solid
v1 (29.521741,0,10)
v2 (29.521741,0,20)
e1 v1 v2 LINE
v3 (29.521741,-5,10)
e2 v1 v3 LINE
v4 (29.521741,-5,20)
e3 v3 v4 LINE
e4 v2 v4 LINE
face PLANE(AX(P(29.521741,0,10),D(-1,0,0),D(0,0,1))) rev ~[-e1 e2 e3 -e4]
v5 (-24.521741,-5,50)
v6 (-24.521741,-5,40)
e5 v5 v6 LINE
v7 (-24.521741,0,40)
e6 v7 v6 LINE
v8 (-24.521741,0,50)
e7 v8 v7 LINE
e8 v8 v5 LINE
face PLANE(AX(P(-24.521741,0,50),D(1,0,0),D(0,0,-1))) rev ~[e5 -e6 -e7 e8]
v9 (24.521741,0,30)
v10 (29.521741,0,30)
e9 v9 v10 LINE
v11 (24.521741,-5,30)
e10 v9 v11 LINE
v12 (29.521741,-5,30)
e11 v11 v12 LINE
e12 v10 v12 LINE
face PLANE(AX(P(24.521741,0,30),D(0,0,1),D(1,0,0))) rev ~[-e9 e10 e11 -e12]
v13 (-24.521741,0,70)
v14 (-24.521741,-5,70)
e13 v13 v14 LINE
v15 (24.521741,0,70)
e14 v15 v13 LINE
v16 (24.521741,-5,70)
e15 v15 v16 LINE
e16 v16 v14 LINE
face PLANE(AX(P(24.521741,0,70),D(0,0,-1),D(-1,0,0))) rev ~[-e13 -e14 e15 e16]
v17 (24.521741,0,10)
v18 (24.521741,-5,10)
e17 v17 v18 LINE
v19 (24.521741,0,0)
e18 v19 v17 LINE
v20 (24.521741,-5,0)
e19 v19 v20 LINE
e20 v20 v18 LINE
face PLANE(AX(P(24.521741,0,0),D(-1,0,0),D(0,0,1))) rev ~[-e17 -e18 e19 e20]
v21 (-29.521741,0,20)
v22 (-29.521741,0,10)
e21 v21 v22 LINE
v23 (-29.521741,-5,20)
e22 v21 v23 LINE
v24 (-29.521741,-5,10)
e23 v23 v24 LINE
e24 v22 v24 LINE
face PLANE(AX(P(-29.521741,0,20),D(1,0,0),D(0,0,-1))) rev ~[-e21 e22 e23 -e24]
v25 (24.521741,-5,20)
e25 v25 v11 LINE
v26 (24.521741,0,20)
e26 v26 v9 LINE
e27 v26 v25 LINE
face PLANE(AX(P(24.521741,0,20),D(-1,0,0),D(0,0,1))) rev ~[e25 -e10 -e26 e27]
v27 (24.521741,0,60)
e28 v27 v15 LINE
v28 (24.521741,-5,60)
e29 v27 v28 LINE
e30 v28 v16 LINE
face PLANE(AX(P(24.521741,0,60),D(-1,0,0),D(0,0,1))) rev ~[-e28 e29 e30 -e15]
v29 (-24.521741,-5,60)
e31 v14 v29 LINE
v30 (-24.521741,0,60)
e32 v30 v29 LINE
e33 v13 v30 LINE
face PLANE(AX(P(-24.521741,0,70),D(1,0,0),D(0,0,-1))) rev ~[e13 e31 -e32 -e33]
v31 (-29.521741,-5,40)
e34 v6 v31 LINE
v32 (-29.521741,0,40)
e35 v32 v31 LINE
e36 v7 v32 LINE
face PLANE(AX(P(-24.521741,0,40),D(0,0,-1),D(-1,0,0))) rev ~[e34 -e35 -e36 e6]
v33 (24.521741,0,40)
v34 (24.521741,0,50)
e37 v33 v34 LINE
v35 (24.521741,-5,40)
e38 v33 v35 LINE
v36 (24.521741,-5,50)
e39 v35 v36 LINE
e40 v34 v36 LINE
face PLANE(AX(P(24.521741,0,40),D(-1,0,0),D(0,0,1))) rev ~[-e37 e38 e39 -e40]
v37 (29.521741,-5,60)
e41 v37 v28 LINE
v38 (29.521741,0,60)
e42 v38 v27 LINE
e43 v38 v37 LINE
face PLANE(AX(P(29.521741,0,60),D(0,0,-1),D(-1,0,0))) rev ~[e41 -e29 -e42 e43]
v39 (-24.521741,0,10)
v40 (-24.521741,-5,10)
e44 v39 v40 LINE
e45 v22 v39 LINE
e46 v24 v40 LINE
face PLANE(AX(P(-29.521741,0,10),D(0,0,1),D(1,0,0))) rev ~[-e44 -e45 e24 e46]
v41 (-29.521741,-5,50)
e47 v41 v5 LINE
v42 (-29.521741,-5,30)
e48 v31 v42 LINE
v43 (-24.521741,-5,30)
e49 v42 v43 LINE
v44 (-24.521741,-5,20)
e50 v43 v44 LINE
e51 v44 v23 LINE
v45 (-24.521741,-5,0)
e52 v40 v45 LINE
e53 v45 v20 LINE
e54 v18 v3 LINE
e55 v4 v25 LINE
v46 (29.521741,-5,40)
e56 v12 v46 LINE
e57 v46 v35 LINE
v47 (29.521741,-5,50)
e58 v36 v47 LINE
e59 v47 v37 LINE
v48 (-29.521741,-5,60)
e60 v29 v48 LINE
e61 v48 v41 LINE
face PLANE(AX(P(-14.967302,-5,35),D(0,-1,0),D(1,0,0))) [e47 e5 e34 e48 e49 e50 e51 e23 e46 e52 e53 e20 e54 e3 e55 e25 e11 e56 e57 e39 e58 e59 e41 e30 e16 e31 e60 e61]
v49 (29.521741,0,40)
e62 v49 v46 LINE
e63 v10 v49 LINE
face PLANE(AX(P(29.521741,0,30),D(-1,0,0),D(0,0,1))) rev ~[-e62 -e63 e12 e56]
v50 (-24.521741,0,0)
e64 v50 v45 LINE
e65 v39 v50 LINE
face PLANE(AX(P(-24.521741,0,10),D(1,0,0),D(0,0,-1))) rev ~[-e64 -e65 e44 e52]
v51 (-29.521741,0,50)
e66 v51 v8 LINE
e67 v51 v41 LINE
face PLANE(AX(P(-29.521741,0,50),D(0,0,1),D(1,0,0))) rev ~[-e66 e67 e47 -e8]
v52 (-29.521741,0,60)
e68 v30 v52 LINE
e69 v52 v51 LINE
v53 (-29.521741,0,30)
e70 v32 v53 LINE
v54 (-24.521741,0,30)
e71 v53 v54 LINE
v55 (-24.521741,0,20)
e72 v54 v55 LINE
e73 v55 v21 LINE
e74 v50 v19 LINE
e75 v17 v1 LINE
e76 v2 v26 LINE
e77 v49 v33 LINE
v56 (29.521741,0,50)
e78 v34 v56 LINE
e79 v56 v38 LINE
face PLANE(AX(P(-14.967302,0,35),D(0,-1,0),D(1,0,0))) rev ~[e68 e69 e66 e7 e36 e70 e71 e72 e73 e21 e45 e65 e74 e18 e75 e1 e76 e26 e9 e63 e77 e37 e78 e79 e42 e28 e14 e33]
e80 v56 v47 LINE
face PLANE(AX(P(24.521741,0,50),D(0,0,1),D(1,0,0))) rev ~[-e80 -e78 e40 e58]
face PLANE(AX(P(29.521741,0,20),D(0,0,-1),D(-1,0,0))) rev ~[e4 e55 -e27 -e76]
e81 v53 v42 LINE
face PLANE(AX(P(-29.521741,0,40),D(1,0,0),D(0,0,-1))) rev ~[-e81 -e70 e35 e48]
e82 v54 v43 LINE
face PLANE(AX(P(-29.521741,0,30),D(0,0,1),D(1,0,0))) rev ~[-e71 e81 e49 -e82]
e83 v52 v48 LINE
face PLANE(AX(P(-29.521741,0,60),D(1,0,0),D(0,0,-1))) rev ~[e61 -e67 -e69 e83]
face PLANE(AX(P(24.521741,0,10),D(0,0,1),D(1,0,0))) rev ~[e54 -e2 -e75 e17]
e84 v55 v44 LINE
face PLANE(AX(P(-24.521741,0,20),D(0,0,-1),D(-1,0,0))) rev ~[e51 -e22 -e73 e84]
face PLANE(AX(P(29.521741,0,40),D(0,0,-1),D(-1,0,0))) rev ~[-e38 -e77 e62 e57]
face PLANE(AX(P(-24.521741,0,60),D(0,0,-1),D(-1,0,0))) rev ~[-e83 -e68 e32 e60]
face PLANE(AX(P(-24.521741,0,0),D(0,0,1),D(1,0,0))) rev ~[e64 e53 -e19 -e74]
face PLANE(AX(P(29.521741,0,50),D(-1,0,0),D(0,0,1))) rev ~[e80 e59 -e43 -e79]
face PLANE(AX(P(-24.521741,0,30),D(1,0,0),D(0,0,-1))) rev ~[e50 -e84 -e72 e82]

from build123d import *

# Parameters (mm, degrees)
F1_DEPTH = 5


with BuildPart() as f1:
    # F0 (on Front) → F1 (new body)
    with BuildSketch(Plane.XZ):
        Polygon((0, 0), (0, 70), (-24.521741, 70), (-24.521741, 60), (-29.521741, 60), (-29.521741, 50), (-24.521741, 50), (-24.521741, 40), (-29.521741, 40), (-29.521741, 30), (-24.521741, 30), (-24.521741, 20), (-29.521741, 20), (-29.521741, 10), (-24.521741, 10), (-24.521741, 0), align=None)
        Polygon((24.521741, 70), (0, 70), (0, 0), (24.521741, 0), (24.521741, 10), (29.521741, 10), (29.521741, 20), (24.521741, 20), (24.521741, 30), (29.521741, 30), (29.521741, 40), (24.521741, 40), (24.521741, 50), (29.521741, 50), (29.521741, 60), (24.521741, 60), align=None)
    extrude(amount=F1_DEPTH)


solid = f1.part
